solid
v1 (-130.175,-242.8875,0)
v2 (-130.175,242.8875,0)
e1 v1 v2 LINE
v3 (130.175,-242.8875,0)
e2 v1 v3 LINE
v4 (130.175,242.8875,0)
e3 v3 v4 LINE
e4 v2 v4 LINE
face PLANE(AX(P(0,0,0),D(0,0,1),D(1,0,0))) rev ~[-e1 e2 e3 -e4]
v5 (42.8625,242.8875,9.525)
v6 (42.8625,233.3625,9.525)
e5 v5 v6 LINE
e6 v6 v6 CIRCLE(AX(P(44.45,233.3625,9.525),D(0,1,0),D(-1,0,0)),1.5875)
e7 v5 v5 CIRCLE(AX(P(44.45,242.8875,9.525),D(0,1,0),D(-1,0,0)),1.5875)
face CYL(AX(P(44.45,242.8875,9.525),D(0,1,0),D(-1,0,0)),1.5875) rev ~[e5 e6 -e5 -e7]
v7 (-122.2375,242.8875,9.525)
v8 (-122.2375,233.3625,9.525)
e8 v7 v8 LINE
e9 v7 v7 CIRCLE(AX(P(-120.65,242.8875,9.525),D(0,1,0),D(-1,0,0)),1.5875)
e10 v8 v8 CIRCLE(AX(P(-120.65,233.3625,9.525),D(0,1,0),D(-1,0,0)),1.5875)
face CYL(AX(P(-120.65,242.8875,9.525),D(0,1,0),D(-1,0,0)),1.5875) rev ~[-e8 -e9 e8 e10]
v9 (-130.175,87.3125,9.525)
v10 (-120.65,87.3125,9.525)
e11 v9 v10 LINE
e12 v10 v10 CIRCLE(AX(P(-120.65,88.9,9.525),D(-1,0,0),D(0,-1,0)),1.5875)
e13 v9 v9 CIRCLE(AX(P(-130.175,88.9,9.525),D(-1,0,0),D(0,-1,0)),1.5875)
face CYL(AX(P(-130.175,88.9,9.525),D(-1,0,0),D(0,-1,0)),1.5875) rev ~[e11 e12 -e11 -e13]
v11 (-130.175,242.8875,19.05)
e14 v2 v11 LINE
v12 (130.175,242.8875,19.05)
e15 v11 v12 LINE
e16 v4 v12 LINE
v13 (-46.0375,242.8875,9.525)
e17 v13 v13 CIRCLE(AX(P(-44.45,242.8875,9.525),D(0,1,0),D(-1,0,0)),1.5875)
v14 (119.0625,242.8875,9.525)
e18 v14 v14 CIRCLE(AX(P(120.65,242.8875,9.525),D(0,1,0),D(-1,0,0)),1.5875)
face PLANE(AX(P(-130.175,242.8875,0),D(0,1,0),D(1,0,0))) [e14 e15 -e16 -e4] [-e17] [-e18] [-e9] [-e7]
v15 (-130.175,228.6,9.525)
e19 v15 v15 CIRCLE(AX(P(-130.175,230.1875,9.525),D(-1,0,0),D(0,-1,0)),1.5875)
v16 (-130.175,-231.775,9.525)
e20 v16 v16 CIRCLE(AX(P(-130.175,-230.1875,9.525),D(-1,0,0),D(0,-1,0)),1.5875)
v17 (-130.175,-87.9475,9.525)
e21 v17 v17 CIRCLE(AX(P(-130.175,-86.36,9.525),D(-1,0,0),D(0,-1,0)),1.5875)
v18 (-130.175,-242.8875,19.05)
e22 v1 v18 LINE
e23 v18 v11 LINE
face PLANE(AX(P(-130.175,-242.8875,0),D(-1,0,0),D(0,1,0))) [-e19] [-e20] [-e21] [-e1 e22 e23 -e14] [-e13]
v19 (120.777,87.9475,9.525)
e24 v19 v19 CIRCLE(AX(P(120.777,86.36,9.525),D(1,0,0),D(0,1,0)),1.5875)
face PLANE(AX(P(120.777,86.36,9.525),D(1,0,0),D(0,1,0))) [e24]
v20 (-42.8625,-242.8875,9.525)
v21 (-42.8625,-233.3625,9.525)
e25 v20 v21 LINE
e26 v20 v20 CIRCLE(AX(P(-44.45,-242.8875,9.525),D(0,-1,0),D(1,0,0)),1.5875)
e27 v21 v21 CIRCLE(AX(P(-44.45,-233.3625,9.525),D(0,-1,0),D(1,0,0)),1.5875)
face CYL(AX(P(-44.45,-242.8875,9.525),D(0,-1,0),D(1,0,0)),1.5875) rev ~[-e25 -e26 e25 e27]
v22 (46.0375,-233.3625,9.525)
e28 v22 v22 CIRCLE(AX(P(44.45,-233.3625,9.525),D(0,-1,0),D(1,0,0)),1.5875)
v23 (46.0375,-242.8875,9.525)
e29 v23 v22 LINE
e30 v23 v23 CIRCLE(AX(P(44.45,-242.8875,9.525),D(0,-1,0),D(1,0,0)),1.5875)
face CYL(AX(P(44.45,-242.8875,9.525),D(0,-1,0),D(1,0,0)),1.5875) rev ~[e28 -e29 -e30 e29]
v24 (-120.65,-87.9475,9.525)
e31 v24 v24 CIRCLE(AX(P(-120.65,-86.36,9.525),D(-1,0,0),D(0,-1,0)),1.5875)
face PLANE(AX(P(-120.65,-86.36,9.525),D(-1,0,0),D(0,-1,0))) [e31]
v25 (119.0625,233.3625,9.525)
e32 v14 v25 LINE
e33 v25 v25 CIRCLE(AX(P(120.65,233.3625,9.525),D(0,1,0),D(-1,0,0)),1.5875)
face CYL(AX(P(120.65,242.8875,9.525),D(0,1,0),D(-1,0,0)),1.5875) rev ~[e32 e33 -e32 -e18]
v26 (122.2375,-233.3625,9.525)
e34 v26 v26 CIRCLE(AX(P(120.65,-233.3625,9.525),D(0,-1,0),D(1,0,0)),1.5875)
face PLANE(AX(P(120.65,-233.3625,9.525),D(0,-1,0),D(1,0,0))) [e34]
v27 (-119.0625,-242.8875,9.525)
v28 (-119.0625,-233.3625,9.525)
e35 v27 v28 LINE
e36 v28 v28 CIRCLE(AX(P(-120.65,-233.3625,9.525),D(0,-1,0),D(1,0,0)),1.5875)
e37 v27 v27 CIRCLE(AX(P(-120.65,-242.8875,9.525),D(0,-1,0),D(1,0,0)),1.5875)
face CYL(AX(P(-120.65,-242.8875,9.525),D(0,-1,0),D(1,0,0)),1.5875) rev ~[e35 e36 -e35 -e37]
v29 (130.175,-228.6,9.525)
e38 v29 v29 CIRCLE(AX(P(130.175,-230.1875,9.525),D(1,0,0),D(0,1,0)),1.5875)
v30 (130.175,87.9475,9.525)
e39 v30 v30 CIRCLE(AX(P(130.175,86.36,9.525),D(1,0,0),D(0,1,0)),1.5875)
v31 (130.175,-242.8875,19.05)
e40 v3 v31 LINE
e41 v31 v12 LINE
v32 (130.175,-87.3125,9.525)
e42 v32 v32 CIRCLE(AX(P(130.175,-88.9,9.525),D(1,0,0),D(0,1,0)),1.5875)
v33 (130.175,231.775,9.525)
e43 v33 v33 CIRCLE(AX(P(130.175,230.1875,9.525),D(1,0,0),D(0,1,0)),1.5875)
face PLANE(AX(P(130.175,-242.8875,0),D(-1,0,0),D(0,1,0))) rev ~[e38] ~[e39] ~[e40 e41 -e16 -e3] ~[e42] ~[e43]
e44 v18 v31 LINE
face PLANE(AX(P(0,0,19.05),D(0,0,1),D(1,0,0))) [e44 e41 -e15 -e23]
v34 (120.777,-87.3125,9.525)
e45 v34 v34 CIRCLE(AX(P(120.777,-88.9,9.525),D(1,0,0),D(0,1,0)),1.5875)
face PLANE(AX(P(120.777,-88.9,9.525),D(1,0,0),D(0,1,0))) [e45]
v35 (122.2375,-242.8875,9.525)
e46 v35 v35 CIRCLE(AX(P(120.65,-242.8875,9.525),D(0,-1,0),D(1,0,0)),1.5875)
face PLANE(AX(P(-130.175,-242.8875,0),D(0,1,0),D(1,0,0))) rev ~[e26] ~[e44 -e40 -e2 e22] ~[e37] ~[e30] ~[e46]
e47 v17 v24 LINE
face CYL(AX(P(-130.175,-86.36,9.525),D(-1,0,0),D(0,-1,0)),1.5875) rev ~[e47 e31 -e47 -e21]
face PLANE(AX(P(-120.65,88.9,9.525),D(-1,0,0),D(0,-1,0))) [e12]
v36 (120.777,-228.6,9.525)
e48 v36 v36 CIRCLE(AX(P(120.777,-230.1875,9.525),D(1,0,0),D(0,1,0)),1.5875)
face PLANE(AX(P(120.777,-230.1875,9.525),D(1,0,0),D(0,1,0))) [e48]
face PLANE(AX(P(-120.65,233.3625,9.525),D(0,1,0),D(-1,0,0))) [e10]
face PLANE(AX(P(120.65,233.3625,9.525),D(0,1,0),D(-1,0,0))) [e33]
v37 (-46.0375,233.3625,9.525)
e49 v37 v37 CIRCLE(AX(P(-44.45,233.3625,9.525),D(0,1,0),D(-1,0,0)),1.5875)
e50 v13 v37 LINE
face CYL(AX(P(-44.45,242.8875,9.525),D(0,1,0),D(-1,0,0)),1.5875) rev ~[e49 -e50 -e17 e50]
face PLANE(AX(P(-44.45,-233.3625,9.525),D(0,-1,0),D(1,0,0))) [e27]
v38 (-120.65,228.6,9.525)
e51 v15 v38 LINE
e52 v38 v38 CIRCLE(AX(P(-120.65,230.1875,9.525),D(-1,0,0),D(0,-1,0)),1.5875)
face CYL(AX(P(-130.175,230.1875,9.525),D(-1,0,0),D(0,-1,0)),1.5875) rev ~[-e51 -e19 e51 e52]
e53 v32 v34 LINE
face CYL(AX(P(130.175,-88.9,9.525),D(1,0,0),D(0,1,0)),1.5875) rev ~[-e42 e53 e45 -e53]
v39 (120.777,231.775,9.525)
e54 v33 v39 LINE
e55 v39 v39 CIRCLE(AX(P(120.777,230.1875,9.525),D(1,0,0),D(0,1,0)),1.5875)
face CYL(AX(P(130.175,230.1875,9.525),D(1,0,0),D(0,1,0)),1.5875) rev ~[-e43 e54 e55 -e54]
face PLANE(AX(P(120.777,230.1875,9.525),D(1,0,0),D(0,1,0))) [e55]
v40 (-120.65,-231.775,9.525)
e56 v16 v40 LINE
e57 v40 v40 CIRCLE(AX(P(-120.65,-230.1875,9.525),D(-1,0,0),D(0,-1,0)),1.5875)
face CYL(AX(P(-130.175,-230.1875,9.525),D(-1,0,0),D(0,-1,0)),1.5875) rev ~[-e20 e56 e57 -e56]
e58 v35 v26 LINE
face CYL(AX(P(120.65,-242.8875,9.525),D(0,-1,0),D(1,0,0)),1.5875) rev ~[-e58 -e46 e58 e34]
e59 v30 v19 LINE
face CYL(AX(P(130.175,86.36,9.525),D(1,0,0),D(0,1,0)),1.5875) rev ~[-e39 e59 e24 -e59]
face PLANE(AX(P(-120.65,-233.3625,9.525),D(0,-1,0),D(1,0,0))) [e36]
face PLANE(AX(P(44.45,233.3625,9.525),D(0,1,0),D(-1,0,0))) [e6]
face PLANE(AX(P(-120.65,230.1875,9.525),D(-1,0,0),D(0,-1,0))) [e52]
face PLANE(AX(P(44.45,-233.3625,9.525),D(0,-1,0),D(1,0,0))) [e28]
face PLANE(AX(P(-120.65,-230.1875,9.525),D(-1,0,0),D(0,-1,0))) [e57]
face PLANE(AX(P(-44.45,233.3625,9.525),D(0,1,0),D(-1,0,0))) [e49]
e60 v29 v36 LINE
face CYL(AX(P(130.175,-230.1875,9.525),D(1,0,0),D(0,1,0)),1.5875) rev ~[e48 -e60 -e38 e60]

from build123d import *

# Parameters (mm, degrees)
F0_W     = 260.35
F0_H     = 485.775
F1_DEPTH = 19.05
F2_R     = 1.5875
F4_DEPTH = 9.398
F3_R     = 1.5875
F5_DEPTH = 9.525
F7_R     = 1.5875
F8_DEPTH = 9.525
F6_R     = 1.5875
F9_DEPTH = 9.525


with BuildPart() as f1:
    # F0 (on Top) → F1 (new body)
    with BuildSketch(Plane.XY):
        Rectangle(F0_W, F0_H)
    extrude(amount=F1_DEPTH)

    # F2 (on face) → F4 (cut)
    with BuildSketch(Plane.YZ.offset(130.175)):
        with Locations((230.1875, 9.525)):
            Circle(F2_R)
        with Locations((86.36, 9.525)):
            Circle(F2_R)
        with Locations((-88.9, 9.525)):
            Circle(F2_R)
        with Locations((-230.1875, 9.525)):
            Circle(F2_R)
    extrude(amount=-F4_DEPTH, mode=Mode.SUBTRACT)

    # F3 (on face) → F5 (cut)
    with BuildSketch(Plane(origin=(-130.175, 0, 0), x_dir=(0, -1, 0), z_dir=(-1, 0, 0))):
        with Locations((-230.1875, 9.525)):
            Circle(F3_R)
        with Locations((-88.9, 9.525)):
            Circle(F3_R)
        with Locations((86.36, 9.525)):
            Circle(F3_R)
        with Locations((230.1875, 9.525)):
            Circle(F3_R)
    extrude(amount=-F5_DEPTH, mode=Mode.SUBTRACT)

    # F7 (on face) → F8 (cut)
    with BuildSketch(Plane(origin=(0, 242.8875, 0), x_dir=(-1, 0, 0), z_dir=(0, 1, 0))):
        with Locations((-120.65, 9.525)):
            Circle(F7_R)
        with Locations((-44.45, 9.525)):
            Circle(F7_R)
        with Locations((44.45, 9.525)):
            Circle(F7_R)
        with Locations((120.65, 9.525)):
            Circle(F7_R)
    extrude(amount=-F8_DEPTH, mode=Mode.SUBTRACT)

    # F6 (on face) → F9 (cut)
    with BuildSketch(Plane.XZ.offset(242.8875)):
        with Locations((120.65, 9.525)):
            Circle(F6_R)
        with Locations((44.45, 9.525)):
            Circle(F6_R)
        with Locations((-44.45, 9.525)):
            Circle(F6_R)
        with Locations((-120.65, 9.525)):
            Circle(F6_R)
    extrude(amount=-F9_DEPTH, mode=Mode.SUBTRACT)


solid = f1.part
